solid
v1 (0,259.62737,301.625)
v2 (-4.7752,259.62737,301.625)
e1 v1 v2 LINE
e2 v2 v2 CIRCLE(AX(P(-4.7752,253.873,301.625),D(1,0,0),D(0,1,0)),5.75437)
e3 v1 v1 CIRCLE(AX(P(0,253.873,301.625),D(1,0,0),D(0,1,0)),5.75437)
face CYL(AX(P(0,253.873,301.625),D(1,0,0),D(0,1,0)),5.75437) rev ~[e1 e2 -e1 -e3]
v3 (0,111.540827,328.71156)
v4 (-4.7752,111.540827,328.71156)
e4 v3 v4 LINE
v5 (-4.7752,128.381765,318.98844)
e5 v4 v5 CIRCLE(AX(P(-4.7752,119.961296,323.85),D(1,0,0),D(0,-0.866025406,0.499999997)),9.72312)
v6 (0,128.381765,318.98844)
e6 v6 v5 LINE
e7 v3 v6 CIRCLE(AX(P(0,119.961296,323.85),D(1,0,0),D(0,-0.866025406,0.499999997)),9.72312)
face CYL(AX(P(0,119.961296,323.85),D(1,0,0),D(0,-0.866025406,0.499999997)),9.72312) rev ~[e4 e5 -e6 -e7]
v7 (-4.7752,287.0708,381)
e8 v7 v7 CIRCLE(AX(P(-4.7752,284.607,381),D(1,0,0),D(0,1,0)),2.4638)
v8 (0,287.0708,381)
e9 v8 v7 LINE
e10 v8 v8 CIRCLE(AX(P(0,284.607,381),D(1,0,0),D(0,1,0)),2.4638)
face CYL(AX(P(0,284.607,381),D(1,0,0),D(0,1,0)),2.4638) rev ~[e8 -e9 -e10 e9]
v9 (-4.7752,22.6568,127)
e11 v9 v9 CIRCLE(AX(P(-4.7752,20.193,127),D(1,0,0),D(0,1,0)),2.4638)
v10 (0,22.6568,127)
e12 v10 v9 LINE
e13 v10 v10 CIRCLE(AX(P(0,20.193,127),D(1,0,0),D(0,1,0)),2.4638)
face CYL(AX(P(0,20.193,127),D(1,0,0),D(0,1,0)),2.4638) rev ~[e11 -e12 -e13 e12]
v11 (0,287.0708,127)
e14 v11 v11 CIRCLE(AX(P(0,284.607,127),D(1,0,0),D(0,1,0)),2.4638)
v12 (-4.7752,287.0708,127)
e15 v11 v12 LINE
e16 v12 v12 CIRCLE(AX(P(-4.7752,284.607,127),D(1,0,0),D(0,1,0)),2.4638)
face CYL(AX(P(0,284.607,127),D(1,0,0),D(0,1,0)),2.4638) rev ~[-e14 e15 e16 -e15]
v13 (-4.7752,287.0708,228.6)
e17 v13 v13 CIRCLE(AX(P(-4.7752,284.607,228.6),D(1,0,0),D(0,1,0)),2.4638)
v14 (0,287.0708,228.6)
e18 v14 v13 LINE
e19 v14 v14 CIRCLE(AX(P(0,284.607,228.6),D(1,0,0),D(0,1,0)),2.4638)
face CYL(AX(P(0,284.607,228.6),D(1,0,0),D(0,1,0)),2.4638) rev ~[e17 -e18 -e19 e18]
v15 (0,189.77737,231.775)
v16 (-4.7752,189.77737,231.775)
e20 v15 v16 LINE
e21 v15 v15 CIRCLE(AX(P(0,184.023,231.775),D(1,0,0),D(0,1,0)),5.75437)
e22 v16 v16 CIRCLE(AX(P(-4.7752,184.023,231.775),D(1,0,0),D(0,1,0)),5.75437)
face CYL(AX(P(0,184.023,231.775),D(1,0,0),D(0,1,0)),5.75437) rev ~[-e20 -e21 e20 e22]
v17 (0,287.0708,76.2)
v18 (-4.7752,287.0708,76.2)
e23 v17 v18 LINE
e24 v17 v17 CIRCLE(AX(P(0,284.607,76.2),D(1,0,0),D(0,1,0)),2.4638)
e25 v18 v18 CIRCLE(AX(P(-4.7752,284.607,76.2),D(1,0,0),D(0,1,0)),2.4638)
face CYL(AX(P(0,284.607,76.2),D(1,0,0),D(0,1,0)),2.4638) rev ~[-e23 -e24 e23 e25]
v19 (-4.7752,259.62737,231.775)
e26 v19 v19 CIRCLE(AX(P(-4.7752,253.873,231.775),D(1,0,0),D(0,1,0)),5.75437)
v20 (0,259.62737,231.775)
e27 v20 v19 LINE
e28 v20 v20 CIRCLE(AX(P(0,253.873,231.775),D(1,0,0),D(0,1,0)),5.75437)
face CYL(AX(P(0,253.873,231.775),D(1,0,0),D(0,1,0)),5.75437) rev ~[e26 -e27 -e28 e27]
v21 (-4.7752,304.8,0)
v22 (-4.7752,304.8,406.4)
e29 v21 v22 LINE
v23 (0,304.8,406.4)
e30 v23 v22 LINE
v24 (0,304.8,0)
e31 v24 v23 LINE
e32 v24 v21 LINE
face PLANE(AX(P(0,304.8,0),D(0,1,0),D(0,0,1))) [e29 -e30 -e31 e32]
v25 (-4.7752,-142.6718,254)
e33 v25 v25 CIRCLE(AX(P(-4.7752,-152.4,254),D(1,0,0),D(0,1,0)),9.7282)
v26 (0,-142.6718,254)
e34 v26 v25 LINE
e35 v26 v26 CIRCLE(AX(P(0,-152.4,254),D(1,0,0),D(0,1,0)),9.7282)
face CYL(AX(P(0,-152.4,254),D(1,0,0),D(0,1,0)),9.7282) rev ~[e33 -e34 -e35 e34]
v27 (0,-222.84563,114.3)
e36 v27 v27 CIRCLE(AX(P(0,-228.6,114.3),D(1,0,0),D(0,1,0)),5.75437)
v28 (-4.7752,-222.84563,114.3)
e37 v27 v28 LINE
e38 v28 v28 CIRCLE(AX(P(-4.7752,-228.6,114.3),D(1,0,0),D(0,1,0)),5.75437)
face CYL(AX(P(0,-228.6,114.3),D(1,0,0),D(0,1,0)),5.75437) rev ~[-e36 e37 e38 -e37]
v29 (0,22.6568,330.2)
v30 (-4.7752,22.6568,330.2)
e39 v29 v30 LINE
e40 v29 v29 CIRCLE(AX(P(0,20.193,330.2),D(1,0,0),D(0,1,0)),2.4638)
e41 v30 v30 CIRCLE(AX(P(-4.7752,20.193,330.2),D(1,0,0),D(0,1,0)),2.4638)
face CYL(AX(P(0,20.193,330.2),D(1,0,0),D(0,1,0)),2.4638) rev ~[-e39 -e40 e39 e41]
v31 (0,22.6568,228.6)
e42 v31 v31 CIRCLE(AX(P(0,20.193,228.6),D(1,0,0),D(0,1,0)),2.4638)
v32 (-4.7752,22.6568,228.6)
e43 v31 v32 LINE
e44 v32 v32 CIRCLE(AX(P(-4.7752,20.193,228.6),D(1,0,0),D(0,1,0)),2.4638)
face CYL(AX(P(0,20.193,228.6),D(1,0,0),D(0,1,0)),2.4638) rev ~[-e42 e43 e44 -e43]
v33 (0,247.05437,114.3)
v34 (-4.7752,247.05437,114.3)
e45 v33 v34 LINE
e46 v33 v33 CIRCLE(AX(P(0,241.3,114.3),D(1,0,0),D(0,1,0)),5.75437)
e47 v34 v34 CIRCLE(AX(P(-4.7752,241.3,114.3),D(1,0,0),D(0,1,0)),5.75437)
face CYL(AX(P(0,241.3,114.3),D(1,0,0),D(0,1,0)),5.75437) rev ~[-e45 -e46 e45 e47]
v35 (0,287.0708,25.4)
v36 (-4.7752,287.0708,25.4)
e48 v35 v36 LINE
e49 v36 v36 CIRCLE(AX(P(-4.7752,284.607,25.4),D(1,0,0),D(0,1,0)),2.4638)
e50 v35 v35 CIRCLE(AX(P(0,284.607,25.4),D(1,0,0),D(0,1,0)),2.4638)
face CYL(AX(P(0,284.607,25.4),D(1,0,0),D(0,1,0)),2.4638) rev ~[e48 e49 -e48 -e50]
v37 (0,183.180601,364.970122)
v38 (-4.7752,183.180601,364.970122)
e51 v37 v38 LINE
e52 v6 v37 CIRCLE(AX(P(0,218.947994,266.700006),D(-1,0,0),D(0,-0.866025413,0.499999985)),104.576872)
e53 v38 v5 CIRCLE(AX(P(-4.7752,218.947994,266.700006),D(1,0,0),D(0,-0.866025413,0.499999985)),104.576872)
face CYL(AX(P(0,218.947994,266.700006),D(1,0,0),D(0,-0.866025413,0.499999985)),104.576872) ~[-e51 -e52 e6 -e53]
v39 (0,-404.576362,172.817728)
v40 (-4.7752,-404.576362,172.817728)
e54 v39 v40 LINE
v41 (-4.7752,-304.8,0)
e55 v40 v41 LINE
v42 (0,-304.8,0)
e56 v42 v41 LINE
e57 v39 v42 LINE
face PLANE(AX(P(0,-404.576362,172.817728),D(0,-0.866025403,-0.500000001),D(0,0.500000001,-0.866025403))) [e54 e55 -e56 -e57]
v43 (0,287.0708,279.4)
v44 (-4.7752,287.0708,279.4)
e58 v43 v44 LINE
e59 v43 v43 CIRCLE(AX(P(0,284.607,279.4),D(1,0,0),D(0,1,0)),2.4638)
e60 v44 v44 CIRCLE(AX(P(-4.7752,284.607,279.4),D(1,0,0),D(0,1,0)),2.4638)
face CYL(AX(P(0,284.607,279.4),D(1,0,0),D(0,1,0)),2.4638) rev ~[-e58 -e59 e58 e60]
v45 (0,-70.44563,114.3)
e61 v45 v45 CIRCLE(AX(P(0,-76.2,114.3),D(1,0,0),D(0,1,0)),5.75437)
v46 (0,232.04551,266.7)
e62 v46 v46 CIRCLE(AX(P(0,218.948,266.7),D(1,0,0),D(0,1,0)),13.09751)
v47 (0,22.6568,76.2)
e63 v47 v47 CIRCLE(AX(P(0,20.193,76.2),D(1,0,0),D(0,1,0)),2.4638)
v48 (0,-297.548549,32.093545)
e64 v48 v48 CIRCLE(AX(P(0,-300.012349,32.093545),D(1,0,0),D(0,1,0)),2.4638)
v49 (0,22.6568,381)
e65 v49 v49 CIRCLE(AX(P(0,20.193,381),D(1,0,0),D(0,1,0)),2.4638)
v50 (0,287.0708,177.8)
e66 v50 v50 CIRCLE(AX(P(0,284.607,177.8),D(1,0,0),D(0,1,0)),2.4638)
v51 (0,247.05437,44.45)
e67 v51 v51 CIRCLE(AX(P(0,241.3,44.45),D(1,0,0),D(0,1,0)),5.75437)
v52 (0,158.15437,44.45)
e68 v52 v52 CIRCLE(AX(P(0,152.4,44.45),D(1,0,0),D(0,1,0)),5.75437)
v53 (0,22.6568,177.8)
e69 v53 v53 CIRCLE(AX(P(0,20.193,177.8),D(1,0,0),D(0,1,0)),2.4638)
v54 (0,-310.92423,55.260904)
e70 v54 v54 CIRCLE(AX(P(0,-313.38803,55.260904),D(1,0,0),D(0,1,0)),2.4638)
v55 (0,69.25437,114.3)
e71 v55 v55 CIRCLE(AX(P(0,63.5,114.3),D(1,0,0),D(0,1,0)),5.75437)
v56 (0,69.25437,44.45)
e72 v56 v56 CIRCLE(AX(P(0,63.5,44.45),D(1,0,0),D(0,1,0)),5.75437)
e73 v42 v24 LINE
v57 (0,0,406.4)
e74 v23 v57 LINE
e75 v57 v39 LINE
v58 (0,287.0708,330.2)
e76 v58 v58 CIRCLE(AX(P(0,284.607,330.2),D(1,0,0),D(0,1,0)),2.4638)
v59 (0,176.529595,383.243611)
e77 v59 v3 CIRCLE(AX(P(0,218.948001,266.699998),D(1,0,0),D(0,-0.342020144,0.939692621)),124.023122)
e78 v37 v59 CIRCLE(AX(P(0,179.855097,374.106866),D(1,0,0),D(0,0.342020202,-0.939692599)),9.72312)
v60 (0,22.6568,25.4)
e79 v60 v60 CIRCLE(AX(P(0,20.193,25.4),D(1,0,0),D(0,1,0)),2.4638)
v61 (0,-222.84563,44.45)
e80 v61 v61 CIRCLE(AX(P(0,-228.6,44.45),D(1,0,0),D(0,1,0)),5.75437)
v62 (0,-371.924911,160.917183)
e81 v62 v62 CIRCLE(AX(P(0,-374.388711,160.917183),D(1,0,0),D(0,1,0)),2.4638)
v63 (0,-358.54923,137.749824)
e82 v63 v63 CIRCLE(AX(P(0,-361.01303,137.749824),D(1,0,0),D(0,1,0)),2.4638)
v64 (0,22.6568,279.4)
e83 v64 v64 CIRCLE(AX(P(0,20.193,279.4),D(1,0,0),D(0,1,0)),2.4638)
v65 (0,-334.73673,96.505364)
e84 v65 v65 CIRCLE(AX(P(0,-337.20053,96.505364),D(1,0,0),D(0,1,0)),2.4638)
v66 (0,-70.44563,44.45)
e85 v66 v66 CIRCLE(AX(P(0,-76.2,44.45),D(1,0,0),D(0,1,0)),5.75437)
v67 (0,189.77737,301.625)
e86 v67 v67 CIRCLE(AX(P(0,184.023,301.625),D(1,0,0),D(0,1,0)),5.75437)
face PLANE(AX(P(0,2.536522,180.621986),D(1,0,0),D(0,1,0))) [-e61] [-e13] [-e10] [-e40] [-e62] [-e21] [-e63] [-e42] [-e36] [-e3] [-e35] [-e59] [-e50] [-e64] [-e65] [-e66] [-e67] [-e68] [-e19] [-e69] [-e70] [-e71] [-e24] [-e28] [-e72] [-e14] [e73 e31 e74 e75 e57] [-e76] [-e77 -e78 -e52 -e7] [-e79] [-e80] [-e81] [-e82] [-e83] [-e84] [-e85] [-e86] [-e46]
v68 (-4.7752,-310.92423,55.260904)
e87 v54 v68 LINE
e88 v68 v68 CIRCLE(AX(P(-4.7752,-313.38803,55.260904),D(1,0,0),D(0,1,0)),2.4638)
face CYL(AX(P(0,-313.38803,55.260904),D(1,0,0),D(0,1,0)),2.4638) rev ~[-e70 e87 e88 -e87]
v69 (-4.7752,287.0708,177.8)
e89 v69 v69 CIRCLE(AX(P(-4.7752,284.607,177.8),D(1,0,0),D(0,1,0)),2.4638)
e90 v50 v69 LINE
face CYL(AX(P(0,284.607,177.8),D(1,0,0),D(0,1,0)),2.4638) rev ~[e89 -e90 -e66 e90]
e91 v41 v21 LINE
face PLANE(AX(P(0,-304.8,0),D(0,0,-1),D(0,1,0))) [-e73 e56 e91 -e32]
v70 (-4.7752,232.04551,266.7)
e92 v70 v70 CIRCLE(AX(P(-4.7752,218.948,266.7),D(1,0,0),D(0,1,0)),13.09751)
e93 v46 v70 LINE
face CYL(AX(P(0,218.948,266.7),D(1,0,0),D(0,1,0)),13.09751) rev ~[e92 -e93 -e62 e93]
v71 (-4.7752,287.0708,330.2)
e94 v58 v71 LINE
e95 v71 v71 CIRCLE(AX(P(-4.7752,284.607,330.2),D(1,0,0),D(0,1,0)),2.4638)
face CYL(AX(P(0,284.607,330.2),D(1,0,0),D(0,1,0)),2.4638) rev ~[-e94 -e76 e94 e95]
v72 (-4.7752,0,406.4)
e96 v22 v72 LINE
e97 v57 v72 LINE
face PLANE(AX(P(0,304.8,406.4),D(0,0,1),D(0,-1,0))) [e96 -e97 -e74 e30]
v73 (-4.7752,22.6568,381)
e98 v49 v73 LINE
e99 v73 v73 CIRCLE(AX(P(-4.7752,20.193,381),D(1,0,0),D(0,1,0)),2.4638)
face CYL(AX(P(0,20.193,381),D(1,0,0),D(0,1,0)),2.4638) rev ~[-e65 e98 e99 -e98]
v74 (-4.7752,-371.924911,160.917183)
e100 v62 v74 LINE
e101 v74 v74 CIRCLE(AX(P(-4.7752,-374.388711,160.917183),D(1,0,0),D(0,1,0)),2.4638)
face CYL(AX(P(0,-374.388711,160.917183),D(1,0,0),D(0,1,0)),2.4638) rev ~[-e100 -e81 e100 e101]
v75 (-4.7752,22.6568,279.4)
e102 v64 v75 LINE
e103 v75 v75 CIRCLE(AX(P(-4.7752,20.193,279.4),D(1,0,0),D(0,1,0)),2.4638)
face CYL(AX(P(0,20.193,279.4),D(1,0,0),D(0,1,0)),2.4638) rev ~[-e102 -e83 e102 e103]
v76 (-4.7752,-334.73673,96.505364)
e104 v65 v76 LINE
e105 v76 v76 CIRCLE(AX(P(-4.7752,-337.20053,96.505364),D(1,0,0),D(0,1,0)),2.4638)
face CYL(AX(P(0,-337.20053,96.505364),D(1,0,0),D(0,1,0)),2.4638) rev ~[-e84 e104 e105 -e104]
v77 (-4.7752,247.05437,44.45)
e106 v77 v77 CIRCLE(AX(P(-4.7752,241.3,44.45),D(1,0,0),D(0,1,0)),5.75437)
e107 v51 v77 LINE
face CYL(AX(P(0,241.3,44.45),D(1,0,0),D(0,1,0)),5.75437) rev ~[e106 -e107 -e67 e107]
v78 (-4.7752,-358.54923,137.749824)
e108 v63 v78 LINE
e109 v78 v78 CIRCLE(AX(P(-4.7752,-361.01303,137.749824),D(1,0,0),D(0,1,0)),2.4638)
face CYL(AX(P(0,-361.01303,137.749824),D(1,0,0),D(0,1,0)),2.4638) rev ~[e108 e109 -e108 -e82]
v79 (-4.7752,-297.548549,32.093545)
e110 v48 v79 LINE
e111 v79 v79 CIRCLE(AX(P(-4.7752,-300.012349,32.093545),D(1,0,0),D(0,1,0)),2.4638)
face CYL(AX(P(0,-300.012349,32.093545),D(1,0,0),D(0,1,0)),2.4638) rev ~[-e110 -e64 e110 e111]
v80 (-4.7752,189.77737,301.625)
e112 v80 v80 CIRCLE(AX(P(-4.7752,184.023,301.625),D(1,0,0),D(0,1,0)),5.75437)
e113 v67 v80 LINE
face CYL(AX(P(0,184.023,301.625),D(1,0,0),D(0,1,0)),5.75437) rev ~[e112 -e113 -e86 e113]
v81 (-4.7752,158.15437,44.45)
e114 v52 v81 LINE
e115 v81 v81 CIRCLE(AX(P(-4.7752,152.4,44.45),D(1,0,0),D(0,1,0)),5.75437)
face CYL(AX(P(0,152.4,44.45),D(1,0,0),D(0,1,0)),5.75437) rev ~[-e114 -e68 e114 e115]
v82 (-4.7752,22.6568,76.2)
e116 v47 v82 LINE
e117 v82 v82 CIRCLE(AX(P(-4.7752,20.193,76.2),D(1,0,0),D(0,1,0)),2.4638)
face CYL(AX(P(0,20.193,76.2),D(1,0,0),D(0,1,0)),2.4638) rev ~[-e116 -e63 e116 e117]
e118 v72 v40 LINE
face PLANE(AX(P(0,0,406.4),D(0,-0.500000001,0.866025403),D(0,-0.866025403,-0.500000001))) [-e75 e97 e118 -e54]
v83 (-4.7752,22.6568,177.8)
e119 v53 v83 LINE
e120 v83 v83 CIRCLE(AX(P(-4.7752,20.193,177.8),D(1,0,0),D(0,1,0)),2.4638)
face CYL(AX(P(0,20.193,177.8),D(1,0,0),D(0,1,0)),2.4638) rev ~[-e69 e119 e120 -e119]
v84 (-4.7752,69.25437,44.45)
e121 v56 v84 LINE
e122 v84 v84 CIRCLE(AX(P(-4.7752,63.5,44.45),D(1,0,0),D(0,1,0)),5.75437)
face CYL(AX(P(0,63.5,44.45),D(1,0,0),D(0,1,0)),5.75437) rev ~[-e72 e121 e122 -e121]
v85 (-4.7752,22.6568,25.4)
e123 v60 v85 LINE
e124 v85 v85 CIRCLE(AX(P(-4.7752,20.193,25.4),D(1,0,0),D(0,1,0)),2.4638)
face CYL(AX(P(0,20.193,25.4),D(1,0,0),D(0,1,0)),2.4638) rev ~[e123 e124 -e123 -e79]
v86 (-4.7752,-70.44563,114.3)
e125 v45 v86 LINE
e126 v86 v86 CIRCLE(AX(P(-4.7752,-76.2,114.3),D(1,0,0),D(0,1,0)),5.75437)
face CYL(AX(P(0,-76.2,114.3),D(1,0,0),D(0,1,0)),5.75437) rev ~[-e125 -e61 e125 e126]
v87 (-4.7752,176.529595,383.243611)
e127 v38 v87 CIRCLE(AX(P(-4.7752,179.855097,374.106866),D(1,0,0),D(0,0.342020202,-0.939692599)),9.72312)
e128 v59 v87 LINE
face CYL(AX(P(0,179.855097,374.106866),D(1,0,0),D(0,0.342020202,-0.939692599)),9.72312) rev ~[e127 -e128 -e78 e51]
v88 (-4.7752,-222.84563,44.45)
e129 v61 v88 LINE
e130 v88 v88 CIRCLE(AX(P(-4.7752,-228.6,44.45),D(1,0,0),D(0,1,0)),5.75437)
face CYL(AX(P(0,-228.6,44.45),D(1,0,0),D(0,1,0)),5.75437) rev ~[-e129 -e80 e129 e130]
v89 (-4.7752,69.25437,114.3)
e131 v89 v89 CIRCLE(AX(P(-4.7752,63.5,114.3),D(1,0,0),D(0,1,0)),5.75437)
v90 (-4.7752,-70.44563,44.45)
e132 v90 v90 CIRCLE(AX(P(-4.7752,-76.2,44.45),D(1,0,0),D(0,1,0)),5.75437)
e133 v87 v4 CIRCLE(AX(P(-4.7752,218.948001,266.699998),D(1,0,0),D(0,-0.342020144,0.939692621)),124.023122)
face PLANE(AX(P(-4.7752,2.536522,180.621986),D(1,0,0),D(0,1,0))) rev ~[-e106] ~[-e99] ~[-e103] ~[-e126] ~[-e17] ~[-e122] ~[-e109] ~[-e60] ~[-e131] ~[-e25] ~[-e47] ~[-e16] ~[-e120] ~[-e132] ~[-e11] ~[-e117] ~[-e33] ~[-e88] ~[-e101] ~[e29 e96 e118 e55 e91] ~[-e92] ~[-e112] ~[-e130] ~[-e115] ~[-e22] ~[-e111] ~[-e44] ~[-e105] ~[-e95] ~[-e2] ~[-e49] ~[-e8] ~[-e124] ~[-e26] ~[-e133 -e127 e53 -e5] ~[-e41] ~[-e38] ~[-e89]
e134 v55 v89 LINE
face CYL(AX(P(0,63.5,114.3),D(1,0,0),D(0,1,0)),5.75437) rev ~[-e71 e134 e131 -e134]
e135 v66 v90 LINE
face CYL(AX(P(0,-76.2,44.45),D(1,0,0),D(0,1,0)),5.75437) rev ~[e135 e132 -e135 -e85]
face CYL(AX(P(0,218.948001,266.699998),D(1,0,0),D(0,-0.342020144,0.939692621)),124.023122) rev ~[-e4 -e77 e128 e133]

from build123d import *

# Parameters (mm, degrees)
F1_DEPTH = 4.7752
F2_R     = 13.09751
F2_R_2   = 5.75437
F3_DEPTH = 25.4
F5_DEPTH = 25.4
F6_R     = 2.4638
F7_DEPTH = 25.4
F8_R     = 5.75437
F8_R_2   = 9.7282
F9_DEPTH = 25.4


with BuildPart() as f1:
    # F0 (on Right) → F1 (new body)
    with BuildSketch(Plane.YZ):
        Polygon((-304.8, 0), (0, 0), (304.8, 0), (304.8, 406.4), (0, 406.4), (-404.576362, 172.817728), align=None)
    extrude(amount=-F1_DEPTH)

    # F2 (on face) → F3 (cut)
    with BuildSketch(Plane.YZ):
        with Locations((218.948, 266.7)):
            Circle(F2_R)
        with Locations((184.023, 301.625)):
            Circle(F2_R_2)
        with Locations((253.873, 301.625)):
            Circle(F2_R_2)
        with Locations((253.873, 231.775)):
            Circle(F2_R_2)
        with Locations((184.023, 231.775)):
            Circle(F2_R_2)
        with Locations((63.5, 114.3)):
            Circle(F2_R_2)
        with Locations((241.3, 114.3)):
            Circle(F2_R_2)
        with Locations((241.3, 44.45)):
            Circle(F2_R_2)
        with Locations((63.5, 44.45)):
            Circle(F2_R_2)
        with Locations((152.4, 44.45)):
            Circle(F2_R_2)
    extrude(amount=-F3_DEPTH, mode=Mode.SUBTRACT)

    # F4 (on face) → F5 (cut)
    with BuildSketch(Plane.YZ):
        with BuildLine():
            ThreePointArc((176.529595, 383.243611), (139.227475, 361.707222), (111.540827, 328.71156))
            ThreePointArc((111.540827, 328.71156), (115.099736, 315.429531), (128.381765, 318.98844))
            ThreePointArc((128.381765, 318.98844), (151.727277, 346.810538), (183.180601, 364.970122))
            ThreePointArc((183.180601, 364.970122), (188.991842, 377.432369), (176.529595, 383.243611))
        make_face()
    extrude(amount=-F5_DEPTH, mode=Mode.SUBTRACT)

    # F6 (on face) → F7 (cut)
    with BuildSketch(Plane.YZ):
        with Locations((284.607, 25.4)):
            Circle(F6_R)
        with Locations((284.607, 76.2)):
            Circle(F6_R)
        with Locations((284.607, 127)):
            Circle(F6_R)
        with Locations((284.607, 381)):
            Circle(F6_R)
        with Locations((284.607, 177.8)):
            Circle(F6_R)
        with Locations((284.607, 228.6)):
            Circle(F6_R)
        with Locations((284.607, 279.4)):
            Circle(F6_R)
        with Locations((284.607, 330.2)):
            Circle(F6_R)
        with Locations((20.193, 25.4)):
            Circle(F6_R)
        with Locations((20.193, 330.2)):
            Circle(F6_R)
        with Locations((20.193, 76.2)):
            Circle(F6_R)
        with Locations((20.193, 127)):
            Circle(F6_R)
        with Locations((20.193, 177.8)):
            Circle(F6_R)
        with Locations((20.193, 228.6)):
            Circle(F6_R)
        with Locations((20.193, 279.4)):
            Circle(F6_R)
        with Locations((20.193, 381)):
            Circle(F6_R)
        with Locations((-374.388711, 160.917183)):
            Circle(F6_R)
        with Locations((-361.01303, 137.749824)):
            Circle(F6_R)
        with Locations((-313.38803, 55.260904)):
            Circle(F6_R)
        with Locations((-300.012349, 32.093545)):
            Circle(F6_R)
        with Locations((-337.20053, 96.505364)):
            Circle(F6_R)
    extrude(amount=-F7_DEPTH, mode=Mode.SUBTRACT)

    # F8 (on face) → F9 (cut)
    with BuildSketch(Plane.YZ):
        with Locations((-76.2, 114.3)):
            Circle(F8_R)
        with Locations((-76.2, 44.45)):
            Circle(F8_R)
        with Locations((-228.6, 114.3)):
            Circle(F8_R)
        with Locations((-228.6, 44.45)):
            Circle(F8_R)
        with Locations((-152.4, 254)):
            Circle(F8_R_2)
    extrude(amount=-F9_DEPTH, mode=Mode.SUBTRACT)


solid = f1.part
